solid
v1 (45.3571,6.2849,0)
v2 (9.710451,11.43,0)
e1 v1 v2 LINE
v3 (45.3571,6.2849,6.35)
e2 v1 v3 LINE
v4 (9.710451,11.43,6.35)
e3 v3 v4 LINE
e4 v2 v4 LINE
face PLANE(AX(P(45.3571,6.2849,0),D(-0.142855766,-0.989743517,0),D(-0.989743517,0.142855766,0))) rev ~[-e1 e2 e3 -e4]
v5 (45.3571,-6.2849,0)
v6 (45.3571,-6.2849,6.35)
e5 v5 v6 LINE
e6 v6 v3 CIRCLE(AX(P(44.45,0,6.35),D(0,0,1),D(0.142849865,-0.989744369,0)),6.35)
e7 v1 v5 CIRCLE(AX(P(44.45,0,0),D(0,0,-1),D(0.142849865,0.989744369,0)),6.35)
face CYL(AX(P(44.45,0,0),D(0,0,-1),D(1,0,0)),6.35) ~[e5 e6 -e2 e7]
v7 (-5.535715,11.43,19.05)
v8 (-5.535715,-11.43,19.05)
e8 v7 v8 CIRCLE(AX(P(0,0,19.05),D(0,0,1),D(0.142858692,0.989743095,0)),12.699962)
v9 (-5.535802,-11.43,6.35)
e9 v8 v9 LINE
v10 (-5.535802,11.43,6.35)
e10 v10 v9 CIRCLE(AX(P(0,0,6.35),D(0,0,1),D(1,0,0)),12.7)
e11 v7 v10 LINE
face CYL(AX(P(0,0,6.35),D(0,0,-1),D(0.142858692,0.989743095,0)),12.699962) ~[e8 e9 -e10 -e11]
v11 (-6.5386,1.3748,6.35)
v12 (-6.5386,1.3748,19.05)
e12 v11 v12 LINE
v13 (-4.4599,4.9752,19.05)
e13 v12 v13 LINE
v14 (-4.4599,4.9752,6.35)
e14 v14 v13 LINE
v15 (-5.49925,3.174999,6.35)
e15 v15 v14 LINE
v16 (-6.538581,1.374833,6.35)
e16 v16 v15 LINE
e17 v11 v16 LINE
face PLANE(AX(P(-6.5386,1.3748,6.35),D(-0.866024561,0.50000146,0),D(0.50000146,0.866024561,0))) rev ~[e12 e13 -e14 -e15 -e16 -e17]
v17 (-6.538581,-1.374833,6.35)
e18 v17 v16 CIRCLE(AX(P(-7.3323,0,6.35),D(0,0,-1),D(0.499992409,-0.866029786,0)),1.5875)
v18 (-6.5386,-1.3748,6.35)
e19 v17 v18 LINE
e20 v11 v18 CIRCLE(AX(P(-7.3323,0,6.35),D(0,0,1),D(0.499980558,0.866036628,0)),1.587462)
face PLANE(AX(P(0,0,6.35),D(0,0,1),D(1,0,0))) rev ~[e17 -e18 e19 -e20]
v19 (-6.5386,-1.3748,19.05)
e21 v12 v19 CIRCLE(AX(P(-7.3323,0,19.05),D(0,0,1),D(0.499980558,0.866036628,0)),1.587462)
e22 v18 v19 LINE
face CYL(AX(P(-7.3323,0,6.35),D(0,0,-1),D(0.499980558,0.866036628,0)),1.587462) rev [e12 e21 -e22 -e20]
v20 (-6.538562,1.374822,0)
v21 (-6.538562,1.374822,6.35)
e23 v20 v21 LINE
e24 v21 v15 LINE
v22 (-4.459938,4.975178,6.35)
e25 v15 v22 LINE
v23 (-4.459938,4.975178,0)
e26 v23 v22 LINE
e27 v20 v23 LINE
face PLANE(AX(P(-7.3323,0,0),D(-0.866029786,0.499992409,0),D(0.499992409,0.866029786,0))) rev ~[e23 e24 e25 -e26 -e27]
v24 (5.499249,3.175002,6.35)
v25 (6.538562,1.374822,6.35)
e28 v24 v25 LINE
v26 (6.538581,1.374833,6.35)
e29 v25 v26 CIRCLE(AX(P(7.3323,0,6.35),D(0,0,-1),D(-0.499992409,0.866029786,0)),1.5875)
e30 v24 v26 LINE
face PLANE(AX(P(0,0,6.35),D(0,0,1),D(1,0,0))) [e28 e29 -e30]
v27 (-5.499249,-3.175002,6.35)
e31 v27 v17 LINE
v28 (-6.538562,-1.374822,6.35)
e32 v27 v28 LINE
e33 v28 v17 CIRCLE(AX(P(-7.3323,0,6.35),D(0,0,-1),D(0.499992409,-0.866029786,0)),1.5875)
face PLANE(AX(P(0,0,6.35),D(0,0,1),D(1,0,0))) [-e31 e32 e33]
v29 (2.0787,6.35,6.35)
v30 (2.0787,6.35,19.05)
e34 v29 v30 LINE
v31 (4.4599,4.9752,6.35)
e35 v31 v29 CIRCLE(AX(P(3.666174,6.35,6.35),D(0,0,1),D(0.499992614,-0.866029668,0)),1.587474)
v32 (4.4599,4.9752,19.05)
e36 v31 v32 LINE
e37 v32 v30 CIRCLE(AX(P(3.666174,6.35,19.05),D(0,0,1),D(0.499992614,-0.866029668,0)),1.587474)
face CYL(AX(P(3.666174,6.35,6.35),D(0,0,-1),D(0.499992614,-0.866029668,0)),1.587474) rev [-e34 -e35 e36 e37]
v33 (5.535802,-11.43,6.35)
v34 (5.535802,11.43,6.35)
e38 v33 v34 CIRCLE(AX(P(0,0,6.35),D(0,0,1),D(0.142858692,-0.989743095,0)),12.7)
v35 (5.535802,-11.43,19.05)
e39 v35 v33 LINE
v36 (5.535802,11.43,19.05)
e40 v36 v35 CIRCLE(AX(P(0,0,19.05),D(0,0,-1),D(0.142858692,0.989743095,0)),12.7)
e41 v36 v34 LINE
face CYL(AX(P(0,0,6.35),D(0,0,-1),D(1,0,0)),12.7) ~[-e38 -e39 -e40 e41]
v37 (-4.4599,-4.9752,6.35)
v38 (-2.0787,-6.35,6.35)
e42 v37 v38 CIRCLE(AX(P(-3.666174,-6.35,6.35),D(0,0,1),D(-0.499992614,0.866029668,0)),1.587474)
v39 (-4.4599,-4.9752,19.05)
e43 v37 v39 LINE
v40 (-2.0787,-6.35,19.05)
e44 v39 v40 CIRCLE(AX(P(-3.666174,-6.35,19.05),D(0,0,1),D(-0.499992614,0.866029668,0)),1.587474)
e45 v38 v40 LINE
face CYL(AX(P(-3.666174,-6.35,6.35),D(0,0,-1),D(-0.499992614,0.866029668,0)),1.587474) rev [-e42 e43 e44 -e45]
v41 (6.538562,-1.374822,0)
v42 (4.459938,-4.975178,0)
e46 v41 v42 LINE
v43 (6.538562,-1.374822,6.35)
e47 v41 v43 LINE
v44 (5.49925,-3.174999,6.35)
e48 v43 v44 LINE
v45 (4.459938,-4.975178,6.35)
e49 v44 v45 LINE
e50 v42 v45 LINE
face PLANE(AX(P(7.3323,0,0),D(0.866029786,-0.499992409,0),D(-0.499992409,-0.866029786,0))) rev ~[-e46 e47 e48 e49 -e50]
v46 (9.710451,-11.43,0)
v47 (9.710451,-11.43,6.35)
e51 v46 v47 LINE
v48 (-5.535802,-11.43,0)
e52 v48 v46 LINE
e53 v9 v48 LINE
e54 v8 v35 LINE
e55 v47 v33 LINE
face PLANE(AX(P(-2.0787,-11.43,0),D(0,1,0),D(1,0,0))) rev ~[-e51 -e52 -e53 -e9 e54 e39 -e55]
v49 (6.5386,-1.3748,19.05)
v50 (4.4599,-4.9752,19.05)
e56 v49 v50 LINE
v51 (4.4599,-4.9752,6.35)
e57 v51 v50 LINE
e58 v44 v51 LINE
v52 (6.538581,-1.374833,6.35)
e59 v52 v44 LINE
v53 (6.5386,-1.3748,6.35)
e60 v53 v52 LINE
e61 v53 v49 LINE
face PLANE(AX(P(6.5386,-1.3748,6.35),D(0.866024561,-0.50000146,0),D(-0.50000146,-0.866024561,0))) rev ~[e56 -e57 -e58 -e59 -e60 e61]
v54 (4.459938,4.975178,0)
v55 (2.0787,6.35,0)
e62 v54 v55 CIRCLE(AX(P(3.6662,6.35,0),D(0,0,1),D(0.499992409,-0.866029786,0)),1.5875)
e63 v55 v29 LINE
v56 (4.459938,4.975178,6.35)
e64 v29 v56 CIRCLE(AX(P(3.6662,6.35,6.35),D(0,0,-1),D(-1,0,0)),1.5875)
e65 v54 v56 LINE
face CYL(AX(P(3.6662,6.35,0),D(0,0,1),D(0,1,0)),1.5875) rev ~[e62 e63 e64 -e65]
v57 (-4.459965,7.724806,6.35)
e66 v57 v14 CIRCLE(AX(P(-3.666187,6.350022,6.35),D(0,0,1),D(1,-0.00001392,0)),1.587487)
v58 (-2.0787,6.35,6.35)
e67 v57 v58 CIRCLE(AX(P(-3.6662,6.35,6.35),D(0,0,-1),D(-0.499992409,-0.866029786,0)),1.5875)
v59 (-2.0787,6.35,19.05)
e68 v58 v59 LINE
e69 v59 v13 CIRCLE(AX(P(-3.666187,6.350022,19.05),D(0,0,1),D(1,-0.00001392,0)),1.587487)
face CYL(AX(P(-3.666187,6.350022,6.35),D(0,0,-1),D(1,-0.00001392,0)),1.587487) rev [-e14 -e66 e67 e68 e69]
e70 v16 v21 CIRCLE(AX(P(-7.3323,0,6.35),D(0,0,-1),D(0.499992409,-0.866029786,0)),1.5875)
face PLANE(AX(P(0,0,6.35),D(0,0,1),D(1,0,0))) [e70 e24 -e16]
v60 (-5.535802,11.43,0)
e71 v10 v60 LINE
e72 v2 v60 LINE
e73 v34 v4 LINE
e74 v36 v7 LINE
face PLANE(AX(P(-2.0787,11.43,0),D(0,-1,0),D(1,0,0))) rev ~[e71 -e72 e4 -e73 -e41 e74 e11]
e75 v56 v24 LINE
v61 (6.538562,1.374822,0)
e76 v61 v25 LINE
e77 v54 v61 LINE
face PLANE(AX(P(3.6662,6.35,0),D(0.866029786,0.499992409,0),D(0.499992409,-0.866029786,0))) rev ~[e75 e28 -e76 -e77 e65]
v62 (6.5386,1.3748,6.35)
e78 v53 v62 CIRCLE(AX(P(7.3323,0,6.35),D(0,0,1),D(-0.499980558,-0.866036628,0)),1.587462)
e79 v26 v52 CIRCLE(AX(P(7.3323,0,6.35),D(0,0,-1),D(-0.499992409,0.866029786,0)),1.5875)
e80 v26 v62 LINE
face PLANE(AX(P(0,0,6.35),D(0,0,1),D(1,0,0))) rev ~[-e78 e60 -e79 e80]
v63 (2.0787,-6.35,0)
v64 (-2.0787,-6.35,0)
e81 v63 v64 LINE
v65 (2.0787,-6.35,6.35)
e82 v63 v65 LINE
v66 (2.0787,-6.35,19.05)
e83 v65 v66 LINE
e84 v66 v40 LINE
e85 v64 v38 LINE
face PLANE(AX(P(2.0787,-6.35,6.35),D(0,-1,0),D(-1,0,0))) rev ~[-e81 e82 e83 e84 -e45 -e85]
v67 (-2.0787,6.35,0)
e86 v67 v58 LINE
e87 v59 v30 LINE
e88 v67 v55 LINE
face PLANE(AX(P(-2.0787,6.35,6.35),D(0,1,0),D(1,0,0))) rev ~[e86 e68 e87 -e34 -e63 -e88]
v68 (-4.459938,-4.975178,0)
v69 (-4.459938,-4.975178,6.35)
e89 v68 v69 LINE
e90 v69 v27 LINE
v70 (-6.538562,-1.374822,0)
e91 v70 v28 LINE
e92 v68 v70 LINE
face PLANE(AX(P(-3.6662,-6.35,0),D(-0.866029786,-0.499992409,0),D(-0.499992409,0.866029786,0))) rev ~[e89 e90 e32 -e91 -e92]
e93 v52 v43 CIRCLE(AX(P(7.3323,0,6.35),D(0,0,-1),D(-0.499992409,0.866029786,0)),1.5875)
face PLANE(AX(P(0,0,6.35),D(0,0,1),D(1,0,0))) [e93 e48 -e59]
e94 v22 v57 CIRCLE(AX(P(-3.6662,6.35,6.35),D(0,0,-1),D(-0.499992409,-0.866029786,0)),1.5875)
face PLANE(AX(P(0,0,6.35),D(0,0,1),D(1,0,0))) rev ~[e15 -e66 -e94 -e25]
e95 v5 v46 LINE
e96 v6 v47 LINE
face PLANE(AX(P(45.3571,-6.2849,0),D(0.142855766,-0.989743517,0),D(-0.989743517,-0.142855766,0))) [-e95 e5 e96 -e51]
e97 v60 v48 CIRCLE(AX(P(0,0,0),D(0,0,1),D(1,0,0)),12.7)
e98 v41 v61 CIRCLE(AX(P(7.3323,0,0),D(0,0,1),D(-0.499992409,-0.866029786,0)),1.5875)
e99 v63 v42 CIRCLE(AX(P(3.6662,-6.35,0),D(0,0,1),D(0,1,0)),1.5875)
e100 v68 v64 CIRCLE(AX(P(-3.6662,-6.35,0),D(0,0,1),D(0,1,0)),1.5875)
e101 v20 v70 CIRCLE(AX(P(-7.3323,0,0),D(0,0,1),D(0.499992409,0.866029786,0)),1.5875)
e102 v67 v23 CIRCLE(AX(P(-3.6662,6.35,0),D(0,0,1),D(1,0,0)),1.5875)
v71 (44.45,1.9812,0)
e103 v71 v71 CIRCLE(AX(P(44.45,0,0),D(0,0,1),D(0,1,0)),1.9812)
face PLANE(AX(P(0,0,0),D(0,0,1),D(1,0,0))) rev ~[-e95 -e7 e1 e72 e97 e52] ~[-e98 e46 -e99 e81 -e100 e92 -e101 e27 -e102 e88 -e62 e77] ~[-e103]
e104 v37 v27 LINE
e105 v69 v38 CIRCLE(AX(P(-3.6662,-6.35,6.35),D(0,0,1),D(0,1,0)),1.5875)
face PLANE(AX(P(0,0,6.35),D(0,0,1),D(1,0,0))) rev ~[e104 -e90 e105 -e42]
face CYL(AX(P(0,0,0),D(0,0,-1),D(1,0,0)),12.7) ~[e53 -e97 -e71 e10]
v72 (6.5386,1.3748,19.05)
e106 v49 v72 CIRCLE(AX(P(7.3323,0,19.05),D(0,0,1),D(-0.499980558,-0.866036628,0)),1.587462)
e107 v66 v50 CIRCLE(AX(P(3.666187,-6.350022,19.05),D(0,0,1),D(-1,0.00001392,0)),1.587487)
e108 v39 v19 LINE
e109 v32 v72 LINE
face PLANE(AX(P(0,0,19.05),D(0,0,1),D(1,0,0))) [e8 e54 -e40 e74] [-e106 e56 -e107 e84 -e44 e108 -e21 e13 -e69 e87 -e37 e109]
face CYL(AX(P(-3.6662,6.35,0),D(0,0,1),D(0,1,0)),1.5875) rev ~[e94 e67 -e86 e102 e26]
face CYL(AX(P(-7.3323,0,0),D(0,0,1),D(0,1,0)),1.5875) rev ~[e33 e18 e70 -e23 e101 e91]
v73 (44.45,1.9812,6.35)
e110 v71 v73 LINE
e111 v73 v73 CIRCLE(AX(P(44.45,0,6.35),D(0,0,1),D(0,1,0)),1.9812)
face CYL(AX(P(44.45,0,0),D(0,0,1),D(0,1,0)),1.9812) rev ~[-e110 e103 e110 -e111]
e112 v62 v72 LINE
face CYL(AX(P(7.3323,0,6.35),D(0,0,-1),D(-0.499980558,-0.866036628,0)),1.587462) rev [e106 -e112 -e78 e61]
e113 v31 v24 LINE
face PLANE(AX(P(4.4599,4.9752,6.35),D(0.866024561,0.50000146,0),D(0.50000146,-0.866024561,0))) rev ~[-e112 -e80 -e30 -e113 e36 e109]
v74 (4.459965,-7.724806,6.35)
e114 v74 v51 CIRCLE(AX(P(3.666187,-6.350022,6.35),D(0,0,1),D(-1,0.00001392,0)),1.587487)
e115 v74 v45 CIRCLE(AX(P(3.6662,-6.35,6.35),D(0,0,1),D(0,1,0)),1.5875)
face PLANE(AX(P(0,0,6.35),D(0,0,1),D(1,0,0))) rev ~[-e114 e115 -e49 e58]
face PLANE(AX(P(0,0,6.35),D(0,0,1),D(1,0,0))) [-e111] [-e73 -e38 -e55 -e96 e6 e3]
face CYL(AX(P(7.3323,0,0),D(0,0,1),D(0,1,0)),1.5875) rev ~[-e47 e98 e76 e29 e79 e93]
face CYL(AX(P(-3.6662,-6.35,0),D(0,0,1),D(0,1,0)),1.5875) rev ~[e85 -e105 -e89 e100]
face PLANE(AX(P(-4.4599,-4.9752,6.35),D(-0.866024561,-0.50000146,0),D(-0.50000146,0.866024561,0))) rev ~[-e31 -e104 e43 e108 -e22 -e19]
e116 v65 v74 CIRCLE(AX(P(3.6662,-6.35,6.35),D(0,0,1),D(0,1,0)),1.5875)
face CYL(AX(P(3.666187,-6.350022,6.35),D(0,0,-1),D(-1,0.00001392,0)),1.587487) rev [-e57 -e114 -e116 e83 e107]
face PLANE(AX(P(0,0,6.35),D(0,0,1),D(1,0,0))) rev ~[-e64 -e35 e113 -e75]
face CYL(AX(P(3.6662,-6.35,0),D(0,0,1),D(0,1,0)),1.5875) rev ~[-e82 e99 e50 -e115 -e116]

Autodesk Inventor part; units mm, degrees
ref_plane "YZ Plane" through (0, 0, 0) normal (1, 0, 0) x (0, 1, 0)
sketch "Sketch1" plane through (0, 0, 0) normal (0, 0, 1) x (1, 0, 0)
  line L0 (7.3323, 0) -> (3.6662, -6.35)
  line L1 (3.6662, -6.35) -> (-3.6662, -6.35)
  line L2 (-3.6662, -6.35) -> (-7.3323, 0)
  line L3 (-7.3323, 0) -> (-3.6662, 6.35)
  line L4 (-3.6662, 6.35) -> (3.6662, 6.35)
  line L5 (3.6662, 6.35) -> (7.3323, 0)
  circle A0 centre (0, 0) radius 12.7
  circle A1 centre (44.45, 0) radius 6.35
  line L6 (45.3571, 6.2849) -> (1.8143, 12.5697)
  line L7 (45.3571, -6.2849) -> (1.8143, -12.5697)
  line L8 (0, 0) -> (64.5311, 0) construction
  dimension "d0" = 12.7
  dimension "d1" = 25.4
  dimension "d2" = 44.45
  dimension "d3" = 12.7
extrude "Extrusion1" add sketch "Sketch1" along normal blind 6.35
hole "Hole1" at (44.45, 0, 0) direction (0, 0, 1) diameter 3.9624 depth 13.6144 thread size "10-32 UNF" class "2B" standard "ANSI Unified Screw Threads"
hole "Hole2" at (3.6662, -6.35, 0) at (7.3323, 0, 0) at (3.6662, 6.35, 0) at (-3.6662, 6.35, 0) at (-7.3323, 0, 0) at (-3.6662, -6.35, 0) direction (0, 0, 1) diameter 3.175 depth 13.6144
sketch "Sketch2" plane through (0, 0, 6.35) normal (0, 0, 1) x (1, 0, 0)
  arc A0 (1.8143, 12.5697) -> (1.8143, -12.5697) centre (0, 0) ccw projected
  circle A1 centre (0, 0) radius 12.7
  line L0 (-2.0787, 6.35) -> (2.0787, 6.35) projected
  arc A2 (4.4599, 4.9752) -> (2.0787, 6.35) centre (3.6662, 6.35) ccw projected
  arc A3 (-2.0787, 6.35) -> (-4.4599, 4.9752) centre (-3.6662, 6.35) ccw projected
  line L1 (-6.5386, 1.3748) -> (-4.4599, 4.9752) projected
  arc A4 (-6.5386, 1.3748) -> (-6.5386, -1.3748) centre (-7.3323, 0) ccw projected
  line L2 (-4.4599, -4.9752) -> (-6.5386, -1.3748) projected
  arc A5 (-4.4599, -4.9752) -> (-2.0787, -6.35) centre (-3.6662, -6.35) ccw projected
  line L3 (2.0787, -6.35) -> (-2.0787, -6.35) projected
  arc A6 (2.0787, -6.35) -> (4.4599, -4.9752) centre (3.6662, -6.35) ccw projected
  line L4 (6.5386, -1.3748) -> (4.4599, -4.9752) projected
  arc A7 (6.5386, -1.3748) -> (6.5386, 1.3748) centre (7.3323, 0) ccw projected
  line L5 (4.4599, 4.9752) -> (6.5386, 1.3748) projected
  point P0 (1.8143, -12.5697)
extrude "Extrusion2" add sketch "Sketch2" along normal blind 12.7
chamfer "Chamfer1" [suppressed]
ref_plane "Work Plane1" through (-2.0787, -11.43, 0) normal (0, 1, 0) x (1, 0, 0)
sketch "Sketch3" plane through (-2.0787, -11.43, 0) normal (0, 1, 0) x (1, 0, 0)
  line L0 (-10.6213, 0) -> (3.893, 0) projected
  line L1 (-10.6213, -19.05) -> (14.7787, -19.05) projected
  line L2 (-10.6213, 0) -> (14.7787, 0)
  line L3 (14.7787, 0) -> (14.7787, -19.05)
  line L4 (14.7787, -19.05) -> (-10.6213, -19.05)
  line L5 (-10.6213, -19.05) -> (-10.6213, 0)
  point P0 (2.0787, 0)
  point P1 (-10.6213, -19.05)
extrude "Extrusion3" cut sketch "Sketch3" against normal through all
ref_plane "Work Plane2" through (-2.0787, 11.43, 0) normal (0, -1, 0) x (1, 0, 0)
sketch "Sketch4" plane through (-2.0787, 11.43, 0) normal (0, -1, 0) x (1, 0, 0)
  line L0 (3.893, 0) -> (-10.6213, 0) projected
  line L1 (14.7787, 19.05) -> (-10.6213, 19.05) projected
  line L2 (-10.6213, 0) -> (14.7787, 0)
  line L3 (14.7787, 0) -> (14.7787, 19.05)
  line L4 (14.7787, 19.05) -> (-10.6213, 19.05)
  line L5 (-10.6213, 19.05) -> (-10.6213, 0)
  point P0 (2.0787, 0)
  point P1 (-3.4571, 0)
  point P2 (7.6145, 19.05)
  point P3 (-3.4571, 19.05)
  point P4 (-10.6213, 19.05)
extrude "Extrusion4" cut sketch "Sketch4" against normal through all
properties part number "Lower Linkage"
